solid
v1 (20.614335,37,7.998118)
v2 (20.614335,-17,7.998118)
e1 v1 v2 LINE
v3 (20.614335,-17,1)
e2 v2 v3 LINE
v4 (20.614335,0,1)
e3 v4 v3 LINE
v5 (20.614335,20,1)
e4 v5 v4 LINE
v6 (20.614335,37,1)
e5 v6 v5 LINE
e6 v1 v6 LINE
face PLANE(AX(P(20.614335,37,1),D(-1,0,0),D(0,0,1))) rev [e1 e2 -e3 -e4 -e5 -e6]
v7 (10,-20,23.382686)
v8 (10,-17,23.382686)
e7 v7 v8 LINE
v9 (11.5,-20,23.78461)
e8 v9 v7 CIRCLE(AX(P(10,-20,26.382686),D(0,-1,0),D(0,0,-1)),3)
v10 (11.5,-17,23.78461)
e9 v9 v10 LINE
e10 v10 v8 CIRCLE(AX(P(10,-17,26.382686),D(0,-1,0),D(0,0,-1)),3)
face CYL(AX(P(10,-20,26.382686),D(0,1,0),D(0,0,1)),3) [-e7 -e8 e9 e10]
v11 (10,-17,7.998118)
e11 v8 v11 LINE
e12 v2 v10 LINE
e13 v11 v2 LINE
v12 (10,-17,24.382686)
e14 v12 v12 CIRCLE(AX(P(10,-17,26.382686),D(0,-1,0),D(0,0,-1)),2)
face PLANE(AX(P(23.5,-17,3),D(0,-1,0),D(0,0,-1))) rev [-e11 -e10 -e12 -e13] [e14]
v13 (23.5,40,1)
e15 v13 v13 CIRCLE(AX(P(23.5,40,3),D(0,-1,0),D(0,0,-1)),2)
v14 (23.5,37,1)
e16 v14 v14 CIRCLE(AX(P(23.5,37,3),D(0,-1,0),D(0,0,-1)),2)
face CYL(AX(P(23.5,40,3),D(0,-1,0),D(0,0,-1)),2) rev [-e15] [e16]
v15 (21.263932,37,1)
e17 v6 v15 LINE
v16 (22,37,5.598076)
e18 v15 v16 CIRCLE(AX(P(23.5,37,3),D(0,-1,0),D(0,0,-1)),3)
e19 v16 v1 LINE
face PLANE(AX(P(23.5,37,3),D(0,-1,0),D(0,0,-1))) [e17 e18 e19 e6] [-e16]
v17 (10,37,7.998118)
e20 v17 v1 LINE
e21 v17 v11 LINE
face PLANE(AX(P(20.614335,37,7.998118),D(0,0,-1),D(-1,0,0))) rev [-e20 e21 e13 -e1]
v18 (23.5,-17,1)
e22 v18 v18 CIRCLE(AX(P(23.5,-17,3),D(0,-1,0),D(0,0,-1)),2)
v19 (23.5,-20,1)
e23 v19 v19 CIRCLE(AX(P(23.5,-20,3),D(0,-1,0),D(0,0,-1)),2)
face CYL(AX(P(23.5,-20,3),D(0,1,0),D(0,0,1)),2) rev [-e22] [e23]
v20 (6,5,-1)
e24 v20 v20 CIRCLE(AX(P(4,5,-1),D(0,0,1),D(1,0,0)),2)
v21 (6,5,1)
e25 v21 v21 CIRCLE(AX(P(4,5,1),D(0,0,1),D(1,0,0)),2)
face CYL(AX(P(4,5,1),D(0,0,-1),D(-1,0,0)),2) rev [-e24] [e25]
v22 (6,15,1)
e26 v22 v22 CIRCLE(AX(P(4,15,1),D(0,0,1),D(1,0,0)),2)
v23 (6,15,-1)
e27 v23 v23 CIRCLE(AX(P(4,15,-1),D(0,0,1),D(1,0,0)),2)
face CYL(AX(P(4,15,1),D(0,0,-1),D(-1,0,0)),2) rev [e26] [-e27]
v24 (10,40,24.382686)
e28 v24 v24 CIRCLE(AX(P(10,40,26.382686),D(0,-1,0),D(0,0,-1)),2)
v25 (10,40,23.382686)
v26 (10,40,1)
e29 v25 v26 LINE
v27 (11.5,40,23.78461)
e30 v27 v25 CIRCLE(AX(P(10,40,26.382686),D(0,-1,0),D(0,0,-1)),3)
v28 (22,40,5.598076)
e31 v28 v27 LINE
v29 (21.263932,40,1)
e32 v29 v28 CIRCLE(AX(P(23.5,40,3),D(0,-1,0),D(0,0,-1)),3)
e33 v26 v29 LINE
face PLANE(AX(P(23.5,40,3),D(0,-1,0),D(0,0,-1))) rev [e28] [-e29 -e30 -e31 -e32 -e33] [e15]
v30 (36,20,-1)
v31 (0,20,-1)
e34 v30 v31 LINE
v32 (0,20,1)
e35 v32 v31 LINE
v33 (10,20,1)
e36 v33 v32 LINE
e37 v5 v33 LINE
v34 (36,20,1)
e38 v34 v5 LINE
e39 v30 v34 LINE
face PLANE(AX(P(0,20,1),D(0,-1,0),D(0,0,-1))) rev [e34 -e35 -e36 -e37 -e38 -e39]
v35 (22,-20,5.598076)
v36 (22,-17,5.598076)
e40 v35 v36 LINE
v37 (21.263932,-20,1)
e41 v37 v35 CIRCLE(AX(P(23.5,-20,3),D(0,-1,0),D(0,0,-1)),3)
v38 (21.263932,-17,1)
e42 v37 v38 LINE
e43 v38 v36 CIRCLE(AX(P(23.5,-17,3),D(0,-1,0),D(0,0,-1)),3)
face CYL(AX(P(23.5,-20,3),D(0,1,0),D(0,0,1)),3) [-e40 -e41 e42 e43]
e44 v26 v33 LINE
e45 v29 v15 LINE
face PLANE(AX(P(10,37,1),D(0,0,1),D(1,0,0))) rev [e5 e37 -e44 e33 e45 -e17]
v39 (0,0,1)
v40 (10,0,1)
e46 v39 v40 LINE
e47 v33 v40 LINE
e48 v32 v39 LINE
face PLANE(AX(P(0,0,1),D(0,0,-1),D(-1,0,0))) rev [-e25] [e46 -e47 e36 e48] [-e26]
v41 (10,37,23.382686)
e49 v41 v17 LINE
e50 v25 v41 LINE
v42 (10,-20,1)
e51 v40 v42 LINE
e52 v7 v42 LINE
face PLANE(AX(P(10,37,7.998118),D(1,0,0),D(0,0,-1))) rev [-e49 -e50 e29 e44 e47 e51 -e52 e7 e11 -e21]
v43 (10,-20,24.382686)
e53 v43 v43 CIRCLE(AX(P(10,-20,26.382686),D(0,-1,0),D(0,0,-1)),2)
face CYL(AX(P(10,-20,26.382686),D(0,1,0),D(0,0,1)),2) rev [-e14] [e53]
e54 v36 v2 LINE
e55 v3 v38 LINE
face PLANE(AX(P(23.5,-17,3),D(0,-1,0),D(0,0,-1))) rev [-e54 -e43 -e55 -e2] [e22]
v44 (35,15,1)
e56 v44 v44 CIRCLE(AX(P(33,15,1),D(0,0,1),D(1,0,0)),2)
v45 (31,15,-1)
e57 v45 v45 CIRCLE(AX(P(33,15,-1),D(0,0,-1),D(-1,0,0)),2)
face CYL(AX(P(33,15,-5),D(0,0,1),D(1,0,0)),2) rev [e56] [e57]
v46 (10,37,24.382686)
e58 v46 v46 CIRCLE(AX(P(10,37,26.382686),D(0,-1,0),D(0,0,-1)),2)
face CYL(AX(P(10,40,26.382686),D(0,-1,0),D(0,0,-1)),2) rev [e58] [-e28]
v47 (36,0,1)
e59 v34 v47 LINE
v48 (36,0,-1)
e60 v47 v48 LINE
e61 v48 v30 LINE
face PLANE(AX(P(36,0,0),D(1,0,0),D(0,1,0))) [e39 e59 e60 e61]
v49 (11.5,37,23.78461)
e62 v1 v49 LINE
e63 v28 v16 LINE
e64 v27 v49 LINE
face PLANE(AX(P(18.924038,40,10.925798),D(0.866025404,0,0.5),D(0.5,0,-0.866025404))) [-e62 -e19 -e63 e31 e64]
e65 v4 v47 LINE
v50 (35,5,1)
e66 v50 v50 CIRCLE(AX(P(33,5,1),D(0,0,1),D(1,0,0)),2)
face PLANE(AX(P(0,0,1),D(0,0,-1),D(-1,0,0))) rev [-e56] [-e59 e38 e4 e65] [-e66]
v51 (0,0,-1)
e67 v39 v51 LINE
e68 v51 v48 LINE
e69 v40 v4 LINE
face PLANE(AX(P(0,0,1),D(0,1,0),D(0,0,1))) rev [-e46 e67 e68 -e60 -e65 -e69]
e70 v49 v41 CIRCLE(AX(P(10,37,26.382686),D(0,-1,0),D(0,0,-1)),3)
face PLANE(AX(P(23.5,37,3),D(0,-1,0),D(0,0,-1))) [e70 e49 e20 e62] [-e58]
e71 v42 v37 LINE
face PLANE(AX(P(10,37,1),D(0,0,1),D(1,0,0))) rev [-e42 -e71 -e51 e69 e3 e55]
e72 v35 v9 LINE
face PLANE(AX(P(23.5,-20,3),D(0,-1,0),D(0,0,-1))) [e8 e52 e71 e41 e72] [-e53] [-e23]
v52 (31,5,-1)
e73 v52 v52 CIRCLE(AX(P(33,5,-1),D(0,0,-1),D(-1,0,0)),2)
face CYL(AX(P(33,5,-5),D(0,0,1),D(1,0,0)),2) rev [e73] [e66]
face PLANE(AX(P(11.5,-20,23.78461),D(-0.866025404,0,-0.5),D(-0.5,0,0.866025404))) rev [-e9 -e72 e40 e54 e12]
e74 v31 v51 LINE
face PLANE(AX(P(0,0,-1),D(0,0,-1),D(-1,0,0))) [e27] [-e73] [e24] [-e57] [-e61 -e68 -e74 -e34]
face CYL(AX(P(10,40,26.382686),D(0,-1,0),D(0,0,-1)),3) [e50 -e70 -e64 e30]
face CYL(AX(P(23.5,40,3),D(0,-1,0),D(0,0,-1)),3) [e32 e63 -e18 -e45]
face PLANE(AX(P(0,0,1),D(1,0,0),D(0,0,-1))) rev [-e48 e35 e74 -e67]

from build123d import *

# Parameters (mm, degrees)
SKETCH_1_W          = 30
SKETCH_1_H          = 20
SKETCH_1_R          = 2
EXTRUDE_2_DEPTH     = 1
SKETCH_3_W          = 2
SKETCH_3_H          = 20
EXTRUDE_4_DEPTH     = 6
SKETCH_4_R          = 2
CUT_EXTRUDE_1_DEPTH = 6
EXTRUDE_START       = -17
SKETCH_8_W          = 10.614335182
SKETCH_8_H          = 6.998118079
EXTRUDE_6_DEPTH     = 54
EXTRUDE_START_2     = 17
SKETCH_2_R          = 2
EXTRUDE_7_DEPTH     = 3
EXTRUDE_START_3     = -40
SKETCH_2_2_R        = 2
EXTRUDE_8_DEPTH     = 3


with BuildPart() as part:
    # 草图1 → 凸台-拉伸2 (new, symmetric)
    with BuildSketch(Plane.XY):
        with Locations((15, 10)):
            Rectangle(SKETCH_1_W, SKETCH_1_H)
        with Locations((4, 15)):
            Circle(SKETCH_1_R, mode=Mode.SUBTRACT)
        with Locations((4, 5)):
            Circle(SKETCH_1_R, mode=Mode.SUBTRACT)
    extrude(amount=EXTRUDE_2_DEPTH, both=True)

    # 草图3 → 凸台-拉伸4 (add)
    with BuildSketch(Plane(origin=(30, 0, 0), x_dir=(0, 0, -1), z_dir=(1, 0, 0))):
        with Locations((0, 10)):
            Rectangle(SKETCH_3_W, SKETCH_3_H)
    extrude(amount=EXTRUDE_4_DEPTH)

    # 草图4 → 切除-拉伸1 (cut)
    with BuildSketch(Plane.XY.offset(1)):
        with Locations((33, 15)):
            Circle(SKETCH_4_R)
        with Locations((33, 5)):
            Circle(SKETCH_4_R)
    extrude(amount=-CUT_EXTRUDE_1_DEPTH, mode=Mode.SUBTRACT)

    # 草图8 → 凸台-拉伸6 (add)
    with BuildSketch(Plane(origin=(0, 0, 0), x_dir=(1, 0, 0), z_dir=(0, 1, 0)).offset(EXTRUDE_START)):
        with Locations((15.307167591, -4.49905904)):
            Rectangle(SKETCH_8_W, SKETCH_8_H)
    extrude(amount=EXTRUDE_6_DEPTH)

    # 草图2 → 凸台-拉伸7 (add)
    with BuildSketch(Plane.XZ.offset(EXTRUDE_START_2)):
        with BuildLine():
            Line((10, 1), (21.263932023, 1))
            ThreePointArc((21.263932023, 1), (26.462284118, 2.525792445), (22, 5.598076211))
            Line((22, 5.598076211), (11.5, 23.784609691))
            ThreePointArc((11.5, 23.784609691), (9.223542865, 29.280463381), (10, 23.382685902))
            Line((10, 23.382685902), (10, 3))
            Line((10, 3), (10, 1))
        make_face()
        with Locations(Location((23.5, 3, 0), (0, 0, 270))):
            Circle(SKETCH_2_R, mode=Mode.SUBTRACT)
        with Locations(Location((10, 26.382685902, 0), (0, 0, 270))):
            Circle(SKETCH_2_R, mode=Mode.SUBTRACT)
    extrude(amount=EXTRUDE_7_DEPTH)

    # 草图2<2> → 凸台-拉伸8 (add)
    with BuildSketch(Plane.XZ.offset(EXTRUDE_START_3)):
        with BuildLine():
            Line((10, 1), (21.263932023, 1))
            ThreePointArc((21.263932023, 1), (26.462284118, 2.525792445), (22, 5.598076211))
            Line((22, 5.598076211), (11.5, 23.784609691))
            ThreePointArc((11.5, 23.784609691), (9.223542865, 29.280463381), (10, 23.382685902))
            Line((10, 23.382685902), (10, 3))
            Line((10, 3), (10, 1))
        make_face()
        with Locations(Location((23.5, 3, 0), (0, 0, 270))):
            Circle(SKETCH_2_2_R, mode=Mode.SUBTRACT)
        with Locations(Location((10, 26.382685902, 0), (0, 0, 270))):
            Circle(SKETCH_2_2_R, mode=Mode.SUBTRACT)
    extrude(amount=EXTRUDE_8_DEPTH)


solid = part.part
